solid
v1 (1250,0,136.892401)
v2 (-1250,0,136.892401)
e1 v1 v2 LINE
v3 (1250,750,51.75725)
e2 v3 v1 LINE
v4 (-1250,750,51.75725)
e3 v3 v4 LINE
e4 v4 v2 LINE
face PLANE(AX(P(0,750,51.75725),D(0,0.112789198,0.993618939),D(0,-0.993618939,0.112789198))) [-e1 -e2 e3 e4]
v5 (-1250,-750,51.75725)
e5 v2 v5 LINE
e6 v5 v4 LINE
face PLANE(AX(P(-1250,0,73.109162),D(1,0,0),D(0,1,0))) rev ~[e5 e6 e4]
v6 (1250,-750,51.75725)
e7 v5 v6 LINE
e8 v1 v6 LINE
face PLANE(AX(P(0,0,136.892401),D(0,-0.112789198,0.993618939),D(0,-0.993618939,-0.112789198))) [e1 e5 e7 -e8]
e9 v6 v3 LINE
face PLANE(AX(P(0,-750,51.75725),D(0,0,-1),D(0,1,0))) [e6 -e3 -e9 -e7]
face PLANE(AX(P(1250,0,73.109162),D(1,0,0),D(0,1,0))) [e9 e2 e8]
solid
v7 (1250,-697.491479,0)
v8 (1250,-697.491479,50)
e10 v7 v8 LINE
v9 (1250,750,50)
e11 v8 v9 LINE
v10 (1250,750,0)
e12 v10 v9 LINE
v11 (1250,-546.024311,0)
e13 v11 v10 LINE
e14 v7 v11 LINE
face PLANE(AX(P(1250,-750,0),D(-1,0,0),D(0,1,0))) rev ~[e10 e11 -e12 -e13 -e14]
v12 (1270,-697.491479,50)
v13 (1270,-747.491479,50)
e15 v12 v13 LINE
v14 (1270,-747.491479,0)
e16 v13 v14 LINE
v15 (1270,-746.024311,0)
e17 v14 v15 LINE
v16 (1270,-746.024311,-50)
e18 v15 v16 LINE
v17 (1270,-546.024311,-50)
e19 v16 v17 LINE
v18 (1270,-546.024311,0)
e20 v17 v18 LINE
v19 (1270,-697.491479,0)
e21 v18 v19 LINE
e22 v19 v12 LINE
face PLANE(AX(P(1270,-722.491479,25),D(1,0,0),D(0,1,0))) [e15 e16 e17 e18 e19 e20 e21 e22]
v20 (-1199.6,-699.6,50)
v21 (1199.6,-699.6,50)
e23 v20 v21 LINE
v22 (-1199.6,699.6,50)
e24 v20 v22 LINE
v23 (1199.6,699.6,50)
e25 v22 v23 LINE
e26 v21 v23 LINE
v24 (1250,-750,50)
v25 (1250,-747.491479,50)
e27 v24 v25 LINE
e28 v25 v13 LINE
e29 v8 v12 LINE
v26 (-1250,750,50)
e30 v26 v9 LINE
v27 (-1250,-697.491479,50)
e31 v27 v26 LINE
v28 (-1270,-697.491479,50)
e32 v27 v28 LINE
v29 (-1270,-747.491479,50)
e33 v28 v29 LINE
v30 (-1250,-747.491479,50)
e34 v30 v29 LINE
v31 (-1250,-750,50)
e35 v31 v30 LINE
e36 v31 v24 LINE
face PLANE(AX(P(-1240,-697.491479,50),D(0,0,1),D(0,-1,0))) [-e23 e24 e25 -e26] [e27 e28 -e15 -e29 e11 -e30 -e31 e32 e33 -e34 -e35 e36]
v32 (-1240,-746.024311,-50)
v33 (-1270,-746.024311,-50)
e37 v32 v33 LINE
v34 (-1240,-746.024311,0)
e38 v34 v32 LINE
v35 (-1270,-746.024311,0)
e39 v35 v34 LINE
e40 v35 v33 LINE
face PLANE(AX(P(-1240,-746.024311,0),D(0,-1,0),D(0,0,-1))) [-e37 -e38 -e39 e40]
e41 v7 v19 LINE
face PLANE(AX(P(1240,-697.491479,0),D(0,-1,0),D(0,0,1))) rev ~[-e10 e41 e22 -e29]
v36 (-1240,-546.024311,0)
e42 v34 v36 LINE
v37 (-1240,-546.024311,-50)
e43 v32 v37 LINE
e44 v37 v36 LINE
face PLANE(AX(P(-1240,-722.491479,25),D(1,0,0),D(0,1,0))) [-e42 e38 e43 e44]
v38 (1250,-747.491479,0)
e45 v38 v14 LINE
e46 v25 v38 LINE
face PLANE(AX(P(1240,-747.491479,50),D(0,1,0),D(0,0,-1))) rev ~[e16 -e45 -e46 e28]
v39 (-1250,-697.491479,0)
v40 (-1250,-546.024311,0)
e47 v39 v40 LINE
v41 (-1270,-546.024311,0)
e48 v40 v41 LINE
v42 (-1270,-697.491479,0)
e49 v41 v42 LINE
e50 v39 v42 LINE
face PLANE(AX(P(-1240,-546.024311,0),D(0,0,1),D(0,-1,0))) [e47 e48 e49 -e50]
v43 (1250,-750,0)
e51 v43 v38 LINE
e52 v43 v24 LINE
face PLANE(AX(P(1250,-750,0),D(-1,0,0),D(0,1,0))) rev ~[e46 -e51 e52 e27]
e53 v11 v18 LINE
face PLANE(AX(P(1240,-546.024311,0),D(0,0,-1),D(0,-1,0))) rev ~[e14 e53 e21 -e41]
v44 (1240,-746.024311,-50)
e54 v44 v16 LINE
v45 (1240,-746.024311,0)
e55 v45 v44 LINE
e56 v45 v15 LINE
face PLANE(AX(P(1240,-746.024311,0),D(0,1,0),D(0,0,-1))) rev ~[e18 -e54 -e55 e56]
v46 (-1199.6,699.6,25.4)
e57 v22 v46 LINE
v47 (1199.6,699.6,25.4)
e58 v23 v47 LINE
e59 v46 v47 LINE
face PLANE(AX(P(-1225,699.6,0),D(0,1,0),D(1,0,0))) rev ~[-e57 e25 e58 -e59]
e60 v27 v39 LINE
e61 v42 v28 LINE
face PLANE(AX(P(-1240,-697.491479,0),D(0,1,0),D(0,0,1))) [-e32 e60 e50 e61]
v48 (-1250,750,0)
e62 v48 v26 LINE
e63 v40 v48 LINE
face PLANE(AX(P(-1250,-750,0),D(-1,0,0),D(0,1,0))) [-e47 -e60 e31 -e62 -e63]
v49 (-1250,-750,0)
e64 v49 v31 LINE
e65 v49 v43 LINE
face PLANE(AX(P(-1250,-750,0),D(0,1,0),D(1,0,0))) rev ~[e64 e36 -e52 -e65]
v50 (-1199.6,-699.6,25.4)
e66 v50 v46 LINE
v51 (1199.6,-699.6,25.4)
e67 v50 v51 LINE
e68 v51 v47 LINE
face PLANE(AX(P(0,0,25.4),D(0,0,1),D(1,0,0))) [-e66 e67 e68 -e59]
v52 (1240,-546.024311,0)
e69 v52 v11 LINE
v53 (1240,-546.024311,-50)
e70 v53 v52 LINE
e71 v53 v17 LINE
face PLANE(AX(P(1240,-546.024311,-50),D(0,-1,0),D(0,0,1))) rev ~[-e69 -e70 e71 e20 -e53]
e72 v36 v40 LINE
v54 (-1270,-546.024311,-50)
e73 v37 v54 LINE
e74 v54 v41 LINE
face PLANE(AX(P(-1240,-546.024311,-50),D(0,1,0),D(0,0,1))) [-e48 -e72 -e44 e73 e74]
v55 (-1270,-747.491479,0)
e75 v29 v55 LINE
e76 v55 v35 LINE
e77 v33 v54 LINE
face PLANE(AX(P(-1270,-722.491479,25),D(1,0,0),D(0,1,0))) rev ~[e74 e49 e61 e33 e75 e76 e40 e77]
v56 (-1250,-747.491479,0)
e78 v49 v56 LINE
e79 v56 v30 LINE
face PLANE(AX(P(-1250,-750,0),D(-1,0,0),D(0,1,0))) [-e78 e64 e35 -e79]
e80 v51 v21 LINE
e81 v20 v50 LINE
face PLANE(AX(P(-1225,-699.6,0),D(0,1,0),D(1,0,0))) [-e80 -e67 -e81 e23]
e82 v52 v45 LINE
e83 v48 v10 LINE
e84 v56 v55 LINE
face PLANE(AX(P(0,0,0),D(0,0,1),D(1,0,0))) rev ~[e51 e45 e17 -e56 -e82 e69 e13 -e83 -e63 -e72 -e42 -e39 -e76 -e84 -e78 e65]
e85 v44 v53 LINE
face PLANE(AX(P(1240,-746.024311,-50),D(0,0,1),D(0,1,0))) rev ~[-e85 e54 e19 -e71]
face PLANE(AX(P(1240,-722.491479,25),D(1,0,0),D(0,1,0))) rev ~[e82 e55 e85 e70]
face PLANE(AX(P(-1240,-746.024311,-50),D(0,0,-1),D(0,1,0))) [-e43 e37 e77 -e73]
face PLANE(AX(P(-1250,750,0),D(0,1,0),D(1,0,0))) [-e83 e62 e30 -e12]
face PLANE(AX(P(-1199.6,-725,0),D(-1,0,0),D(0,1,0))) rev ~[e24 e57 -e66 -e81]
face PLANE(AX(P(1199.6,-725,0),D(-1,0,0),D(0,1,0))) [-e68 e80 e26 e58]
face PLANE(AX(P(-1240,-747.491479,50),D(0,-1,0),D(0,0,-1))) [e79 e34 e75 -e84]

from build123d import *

# Parameters (mm, degrees)
F0_W     = 2450
F0_H     = 1450
F1_DEPTH = 50
F2_T     = -25.4
F0_W_2   = 2500
F0_H_2   = 1500
F3_DEPTH = 50
F5_DEPTH = 1250
F7_START = -1240
F7_DEPTH = 30
F8_START = 1240
F8_DEPTH = 30


with BuildPart() as f1:
    # F0 (on Top) → F1 (new body)
    with BuildSketch(Plane.XY):
        Rectangle(F0_W, F0_H)
    extrude(amount=F1_DEPTH)

    # F2
    f2_openings = [f1.faces().sort_by_distance(p)[0] for p in [
        (0, 0, 50),
    ]]
    offset(amount=F2_T, openings=f2_openings)

    # F0 (on Top) → F3 (join)
    with BuildSketch(Plane.XY):
        Rectangle(F0_W_2, F0_H_2)
        Rectangle(F0_W, F0_H, mode=Mode.SUBTRACT)
    extrude(amount=F3_DEPTH)

    # F6 (on Right) → F7 (join)
    with BuildSketch(Plane.YZ.offset(F7_START)):
        Polygon((-747.49147892, 0), (-746.0243114761, 0), (-697.49147892, 0), (-697.49147892, 50), (-747.49147892, 50), align=None)
        Polygon((-697.49147892, 0), (-746.0243114761, 0), (-746.0243114761, -50), (-546.0243114761, -50), (-546.0243114761, 0), align=None)
    extrude(amount=-F7_DEPTH)

    # F6 (on Right) → F8 (join)
    with BuildSketch(Plane.YZ.offset(F8_START)):
        Polygon((-747.49147892, 0), (-746.0243114761, 0), (-697.49147892, 0), (-697.49147892, 50), (-747.49147892, 50), align=None)
        Polygon((-697.49147892, 0), (-746.0243114761, 0), (-746.0243114761, -50), (-546.0243114761, -50), (-546.0243114761, 0), align=None)
    extrude(amount=F8_DEPTH)


with BuildPart() as f5:
    # F4 (on Right) → F5 (new body, symmetric)
    with BuildSketch(Plane.YZ):
        Polygon((0, 136.8924013236), (-750, 51.7572501741), (750, 51.7572501741), align=None)
    extrude(amount=F5_DEPTH, both=True)


solid = Compound([f1.part, f5.part])
